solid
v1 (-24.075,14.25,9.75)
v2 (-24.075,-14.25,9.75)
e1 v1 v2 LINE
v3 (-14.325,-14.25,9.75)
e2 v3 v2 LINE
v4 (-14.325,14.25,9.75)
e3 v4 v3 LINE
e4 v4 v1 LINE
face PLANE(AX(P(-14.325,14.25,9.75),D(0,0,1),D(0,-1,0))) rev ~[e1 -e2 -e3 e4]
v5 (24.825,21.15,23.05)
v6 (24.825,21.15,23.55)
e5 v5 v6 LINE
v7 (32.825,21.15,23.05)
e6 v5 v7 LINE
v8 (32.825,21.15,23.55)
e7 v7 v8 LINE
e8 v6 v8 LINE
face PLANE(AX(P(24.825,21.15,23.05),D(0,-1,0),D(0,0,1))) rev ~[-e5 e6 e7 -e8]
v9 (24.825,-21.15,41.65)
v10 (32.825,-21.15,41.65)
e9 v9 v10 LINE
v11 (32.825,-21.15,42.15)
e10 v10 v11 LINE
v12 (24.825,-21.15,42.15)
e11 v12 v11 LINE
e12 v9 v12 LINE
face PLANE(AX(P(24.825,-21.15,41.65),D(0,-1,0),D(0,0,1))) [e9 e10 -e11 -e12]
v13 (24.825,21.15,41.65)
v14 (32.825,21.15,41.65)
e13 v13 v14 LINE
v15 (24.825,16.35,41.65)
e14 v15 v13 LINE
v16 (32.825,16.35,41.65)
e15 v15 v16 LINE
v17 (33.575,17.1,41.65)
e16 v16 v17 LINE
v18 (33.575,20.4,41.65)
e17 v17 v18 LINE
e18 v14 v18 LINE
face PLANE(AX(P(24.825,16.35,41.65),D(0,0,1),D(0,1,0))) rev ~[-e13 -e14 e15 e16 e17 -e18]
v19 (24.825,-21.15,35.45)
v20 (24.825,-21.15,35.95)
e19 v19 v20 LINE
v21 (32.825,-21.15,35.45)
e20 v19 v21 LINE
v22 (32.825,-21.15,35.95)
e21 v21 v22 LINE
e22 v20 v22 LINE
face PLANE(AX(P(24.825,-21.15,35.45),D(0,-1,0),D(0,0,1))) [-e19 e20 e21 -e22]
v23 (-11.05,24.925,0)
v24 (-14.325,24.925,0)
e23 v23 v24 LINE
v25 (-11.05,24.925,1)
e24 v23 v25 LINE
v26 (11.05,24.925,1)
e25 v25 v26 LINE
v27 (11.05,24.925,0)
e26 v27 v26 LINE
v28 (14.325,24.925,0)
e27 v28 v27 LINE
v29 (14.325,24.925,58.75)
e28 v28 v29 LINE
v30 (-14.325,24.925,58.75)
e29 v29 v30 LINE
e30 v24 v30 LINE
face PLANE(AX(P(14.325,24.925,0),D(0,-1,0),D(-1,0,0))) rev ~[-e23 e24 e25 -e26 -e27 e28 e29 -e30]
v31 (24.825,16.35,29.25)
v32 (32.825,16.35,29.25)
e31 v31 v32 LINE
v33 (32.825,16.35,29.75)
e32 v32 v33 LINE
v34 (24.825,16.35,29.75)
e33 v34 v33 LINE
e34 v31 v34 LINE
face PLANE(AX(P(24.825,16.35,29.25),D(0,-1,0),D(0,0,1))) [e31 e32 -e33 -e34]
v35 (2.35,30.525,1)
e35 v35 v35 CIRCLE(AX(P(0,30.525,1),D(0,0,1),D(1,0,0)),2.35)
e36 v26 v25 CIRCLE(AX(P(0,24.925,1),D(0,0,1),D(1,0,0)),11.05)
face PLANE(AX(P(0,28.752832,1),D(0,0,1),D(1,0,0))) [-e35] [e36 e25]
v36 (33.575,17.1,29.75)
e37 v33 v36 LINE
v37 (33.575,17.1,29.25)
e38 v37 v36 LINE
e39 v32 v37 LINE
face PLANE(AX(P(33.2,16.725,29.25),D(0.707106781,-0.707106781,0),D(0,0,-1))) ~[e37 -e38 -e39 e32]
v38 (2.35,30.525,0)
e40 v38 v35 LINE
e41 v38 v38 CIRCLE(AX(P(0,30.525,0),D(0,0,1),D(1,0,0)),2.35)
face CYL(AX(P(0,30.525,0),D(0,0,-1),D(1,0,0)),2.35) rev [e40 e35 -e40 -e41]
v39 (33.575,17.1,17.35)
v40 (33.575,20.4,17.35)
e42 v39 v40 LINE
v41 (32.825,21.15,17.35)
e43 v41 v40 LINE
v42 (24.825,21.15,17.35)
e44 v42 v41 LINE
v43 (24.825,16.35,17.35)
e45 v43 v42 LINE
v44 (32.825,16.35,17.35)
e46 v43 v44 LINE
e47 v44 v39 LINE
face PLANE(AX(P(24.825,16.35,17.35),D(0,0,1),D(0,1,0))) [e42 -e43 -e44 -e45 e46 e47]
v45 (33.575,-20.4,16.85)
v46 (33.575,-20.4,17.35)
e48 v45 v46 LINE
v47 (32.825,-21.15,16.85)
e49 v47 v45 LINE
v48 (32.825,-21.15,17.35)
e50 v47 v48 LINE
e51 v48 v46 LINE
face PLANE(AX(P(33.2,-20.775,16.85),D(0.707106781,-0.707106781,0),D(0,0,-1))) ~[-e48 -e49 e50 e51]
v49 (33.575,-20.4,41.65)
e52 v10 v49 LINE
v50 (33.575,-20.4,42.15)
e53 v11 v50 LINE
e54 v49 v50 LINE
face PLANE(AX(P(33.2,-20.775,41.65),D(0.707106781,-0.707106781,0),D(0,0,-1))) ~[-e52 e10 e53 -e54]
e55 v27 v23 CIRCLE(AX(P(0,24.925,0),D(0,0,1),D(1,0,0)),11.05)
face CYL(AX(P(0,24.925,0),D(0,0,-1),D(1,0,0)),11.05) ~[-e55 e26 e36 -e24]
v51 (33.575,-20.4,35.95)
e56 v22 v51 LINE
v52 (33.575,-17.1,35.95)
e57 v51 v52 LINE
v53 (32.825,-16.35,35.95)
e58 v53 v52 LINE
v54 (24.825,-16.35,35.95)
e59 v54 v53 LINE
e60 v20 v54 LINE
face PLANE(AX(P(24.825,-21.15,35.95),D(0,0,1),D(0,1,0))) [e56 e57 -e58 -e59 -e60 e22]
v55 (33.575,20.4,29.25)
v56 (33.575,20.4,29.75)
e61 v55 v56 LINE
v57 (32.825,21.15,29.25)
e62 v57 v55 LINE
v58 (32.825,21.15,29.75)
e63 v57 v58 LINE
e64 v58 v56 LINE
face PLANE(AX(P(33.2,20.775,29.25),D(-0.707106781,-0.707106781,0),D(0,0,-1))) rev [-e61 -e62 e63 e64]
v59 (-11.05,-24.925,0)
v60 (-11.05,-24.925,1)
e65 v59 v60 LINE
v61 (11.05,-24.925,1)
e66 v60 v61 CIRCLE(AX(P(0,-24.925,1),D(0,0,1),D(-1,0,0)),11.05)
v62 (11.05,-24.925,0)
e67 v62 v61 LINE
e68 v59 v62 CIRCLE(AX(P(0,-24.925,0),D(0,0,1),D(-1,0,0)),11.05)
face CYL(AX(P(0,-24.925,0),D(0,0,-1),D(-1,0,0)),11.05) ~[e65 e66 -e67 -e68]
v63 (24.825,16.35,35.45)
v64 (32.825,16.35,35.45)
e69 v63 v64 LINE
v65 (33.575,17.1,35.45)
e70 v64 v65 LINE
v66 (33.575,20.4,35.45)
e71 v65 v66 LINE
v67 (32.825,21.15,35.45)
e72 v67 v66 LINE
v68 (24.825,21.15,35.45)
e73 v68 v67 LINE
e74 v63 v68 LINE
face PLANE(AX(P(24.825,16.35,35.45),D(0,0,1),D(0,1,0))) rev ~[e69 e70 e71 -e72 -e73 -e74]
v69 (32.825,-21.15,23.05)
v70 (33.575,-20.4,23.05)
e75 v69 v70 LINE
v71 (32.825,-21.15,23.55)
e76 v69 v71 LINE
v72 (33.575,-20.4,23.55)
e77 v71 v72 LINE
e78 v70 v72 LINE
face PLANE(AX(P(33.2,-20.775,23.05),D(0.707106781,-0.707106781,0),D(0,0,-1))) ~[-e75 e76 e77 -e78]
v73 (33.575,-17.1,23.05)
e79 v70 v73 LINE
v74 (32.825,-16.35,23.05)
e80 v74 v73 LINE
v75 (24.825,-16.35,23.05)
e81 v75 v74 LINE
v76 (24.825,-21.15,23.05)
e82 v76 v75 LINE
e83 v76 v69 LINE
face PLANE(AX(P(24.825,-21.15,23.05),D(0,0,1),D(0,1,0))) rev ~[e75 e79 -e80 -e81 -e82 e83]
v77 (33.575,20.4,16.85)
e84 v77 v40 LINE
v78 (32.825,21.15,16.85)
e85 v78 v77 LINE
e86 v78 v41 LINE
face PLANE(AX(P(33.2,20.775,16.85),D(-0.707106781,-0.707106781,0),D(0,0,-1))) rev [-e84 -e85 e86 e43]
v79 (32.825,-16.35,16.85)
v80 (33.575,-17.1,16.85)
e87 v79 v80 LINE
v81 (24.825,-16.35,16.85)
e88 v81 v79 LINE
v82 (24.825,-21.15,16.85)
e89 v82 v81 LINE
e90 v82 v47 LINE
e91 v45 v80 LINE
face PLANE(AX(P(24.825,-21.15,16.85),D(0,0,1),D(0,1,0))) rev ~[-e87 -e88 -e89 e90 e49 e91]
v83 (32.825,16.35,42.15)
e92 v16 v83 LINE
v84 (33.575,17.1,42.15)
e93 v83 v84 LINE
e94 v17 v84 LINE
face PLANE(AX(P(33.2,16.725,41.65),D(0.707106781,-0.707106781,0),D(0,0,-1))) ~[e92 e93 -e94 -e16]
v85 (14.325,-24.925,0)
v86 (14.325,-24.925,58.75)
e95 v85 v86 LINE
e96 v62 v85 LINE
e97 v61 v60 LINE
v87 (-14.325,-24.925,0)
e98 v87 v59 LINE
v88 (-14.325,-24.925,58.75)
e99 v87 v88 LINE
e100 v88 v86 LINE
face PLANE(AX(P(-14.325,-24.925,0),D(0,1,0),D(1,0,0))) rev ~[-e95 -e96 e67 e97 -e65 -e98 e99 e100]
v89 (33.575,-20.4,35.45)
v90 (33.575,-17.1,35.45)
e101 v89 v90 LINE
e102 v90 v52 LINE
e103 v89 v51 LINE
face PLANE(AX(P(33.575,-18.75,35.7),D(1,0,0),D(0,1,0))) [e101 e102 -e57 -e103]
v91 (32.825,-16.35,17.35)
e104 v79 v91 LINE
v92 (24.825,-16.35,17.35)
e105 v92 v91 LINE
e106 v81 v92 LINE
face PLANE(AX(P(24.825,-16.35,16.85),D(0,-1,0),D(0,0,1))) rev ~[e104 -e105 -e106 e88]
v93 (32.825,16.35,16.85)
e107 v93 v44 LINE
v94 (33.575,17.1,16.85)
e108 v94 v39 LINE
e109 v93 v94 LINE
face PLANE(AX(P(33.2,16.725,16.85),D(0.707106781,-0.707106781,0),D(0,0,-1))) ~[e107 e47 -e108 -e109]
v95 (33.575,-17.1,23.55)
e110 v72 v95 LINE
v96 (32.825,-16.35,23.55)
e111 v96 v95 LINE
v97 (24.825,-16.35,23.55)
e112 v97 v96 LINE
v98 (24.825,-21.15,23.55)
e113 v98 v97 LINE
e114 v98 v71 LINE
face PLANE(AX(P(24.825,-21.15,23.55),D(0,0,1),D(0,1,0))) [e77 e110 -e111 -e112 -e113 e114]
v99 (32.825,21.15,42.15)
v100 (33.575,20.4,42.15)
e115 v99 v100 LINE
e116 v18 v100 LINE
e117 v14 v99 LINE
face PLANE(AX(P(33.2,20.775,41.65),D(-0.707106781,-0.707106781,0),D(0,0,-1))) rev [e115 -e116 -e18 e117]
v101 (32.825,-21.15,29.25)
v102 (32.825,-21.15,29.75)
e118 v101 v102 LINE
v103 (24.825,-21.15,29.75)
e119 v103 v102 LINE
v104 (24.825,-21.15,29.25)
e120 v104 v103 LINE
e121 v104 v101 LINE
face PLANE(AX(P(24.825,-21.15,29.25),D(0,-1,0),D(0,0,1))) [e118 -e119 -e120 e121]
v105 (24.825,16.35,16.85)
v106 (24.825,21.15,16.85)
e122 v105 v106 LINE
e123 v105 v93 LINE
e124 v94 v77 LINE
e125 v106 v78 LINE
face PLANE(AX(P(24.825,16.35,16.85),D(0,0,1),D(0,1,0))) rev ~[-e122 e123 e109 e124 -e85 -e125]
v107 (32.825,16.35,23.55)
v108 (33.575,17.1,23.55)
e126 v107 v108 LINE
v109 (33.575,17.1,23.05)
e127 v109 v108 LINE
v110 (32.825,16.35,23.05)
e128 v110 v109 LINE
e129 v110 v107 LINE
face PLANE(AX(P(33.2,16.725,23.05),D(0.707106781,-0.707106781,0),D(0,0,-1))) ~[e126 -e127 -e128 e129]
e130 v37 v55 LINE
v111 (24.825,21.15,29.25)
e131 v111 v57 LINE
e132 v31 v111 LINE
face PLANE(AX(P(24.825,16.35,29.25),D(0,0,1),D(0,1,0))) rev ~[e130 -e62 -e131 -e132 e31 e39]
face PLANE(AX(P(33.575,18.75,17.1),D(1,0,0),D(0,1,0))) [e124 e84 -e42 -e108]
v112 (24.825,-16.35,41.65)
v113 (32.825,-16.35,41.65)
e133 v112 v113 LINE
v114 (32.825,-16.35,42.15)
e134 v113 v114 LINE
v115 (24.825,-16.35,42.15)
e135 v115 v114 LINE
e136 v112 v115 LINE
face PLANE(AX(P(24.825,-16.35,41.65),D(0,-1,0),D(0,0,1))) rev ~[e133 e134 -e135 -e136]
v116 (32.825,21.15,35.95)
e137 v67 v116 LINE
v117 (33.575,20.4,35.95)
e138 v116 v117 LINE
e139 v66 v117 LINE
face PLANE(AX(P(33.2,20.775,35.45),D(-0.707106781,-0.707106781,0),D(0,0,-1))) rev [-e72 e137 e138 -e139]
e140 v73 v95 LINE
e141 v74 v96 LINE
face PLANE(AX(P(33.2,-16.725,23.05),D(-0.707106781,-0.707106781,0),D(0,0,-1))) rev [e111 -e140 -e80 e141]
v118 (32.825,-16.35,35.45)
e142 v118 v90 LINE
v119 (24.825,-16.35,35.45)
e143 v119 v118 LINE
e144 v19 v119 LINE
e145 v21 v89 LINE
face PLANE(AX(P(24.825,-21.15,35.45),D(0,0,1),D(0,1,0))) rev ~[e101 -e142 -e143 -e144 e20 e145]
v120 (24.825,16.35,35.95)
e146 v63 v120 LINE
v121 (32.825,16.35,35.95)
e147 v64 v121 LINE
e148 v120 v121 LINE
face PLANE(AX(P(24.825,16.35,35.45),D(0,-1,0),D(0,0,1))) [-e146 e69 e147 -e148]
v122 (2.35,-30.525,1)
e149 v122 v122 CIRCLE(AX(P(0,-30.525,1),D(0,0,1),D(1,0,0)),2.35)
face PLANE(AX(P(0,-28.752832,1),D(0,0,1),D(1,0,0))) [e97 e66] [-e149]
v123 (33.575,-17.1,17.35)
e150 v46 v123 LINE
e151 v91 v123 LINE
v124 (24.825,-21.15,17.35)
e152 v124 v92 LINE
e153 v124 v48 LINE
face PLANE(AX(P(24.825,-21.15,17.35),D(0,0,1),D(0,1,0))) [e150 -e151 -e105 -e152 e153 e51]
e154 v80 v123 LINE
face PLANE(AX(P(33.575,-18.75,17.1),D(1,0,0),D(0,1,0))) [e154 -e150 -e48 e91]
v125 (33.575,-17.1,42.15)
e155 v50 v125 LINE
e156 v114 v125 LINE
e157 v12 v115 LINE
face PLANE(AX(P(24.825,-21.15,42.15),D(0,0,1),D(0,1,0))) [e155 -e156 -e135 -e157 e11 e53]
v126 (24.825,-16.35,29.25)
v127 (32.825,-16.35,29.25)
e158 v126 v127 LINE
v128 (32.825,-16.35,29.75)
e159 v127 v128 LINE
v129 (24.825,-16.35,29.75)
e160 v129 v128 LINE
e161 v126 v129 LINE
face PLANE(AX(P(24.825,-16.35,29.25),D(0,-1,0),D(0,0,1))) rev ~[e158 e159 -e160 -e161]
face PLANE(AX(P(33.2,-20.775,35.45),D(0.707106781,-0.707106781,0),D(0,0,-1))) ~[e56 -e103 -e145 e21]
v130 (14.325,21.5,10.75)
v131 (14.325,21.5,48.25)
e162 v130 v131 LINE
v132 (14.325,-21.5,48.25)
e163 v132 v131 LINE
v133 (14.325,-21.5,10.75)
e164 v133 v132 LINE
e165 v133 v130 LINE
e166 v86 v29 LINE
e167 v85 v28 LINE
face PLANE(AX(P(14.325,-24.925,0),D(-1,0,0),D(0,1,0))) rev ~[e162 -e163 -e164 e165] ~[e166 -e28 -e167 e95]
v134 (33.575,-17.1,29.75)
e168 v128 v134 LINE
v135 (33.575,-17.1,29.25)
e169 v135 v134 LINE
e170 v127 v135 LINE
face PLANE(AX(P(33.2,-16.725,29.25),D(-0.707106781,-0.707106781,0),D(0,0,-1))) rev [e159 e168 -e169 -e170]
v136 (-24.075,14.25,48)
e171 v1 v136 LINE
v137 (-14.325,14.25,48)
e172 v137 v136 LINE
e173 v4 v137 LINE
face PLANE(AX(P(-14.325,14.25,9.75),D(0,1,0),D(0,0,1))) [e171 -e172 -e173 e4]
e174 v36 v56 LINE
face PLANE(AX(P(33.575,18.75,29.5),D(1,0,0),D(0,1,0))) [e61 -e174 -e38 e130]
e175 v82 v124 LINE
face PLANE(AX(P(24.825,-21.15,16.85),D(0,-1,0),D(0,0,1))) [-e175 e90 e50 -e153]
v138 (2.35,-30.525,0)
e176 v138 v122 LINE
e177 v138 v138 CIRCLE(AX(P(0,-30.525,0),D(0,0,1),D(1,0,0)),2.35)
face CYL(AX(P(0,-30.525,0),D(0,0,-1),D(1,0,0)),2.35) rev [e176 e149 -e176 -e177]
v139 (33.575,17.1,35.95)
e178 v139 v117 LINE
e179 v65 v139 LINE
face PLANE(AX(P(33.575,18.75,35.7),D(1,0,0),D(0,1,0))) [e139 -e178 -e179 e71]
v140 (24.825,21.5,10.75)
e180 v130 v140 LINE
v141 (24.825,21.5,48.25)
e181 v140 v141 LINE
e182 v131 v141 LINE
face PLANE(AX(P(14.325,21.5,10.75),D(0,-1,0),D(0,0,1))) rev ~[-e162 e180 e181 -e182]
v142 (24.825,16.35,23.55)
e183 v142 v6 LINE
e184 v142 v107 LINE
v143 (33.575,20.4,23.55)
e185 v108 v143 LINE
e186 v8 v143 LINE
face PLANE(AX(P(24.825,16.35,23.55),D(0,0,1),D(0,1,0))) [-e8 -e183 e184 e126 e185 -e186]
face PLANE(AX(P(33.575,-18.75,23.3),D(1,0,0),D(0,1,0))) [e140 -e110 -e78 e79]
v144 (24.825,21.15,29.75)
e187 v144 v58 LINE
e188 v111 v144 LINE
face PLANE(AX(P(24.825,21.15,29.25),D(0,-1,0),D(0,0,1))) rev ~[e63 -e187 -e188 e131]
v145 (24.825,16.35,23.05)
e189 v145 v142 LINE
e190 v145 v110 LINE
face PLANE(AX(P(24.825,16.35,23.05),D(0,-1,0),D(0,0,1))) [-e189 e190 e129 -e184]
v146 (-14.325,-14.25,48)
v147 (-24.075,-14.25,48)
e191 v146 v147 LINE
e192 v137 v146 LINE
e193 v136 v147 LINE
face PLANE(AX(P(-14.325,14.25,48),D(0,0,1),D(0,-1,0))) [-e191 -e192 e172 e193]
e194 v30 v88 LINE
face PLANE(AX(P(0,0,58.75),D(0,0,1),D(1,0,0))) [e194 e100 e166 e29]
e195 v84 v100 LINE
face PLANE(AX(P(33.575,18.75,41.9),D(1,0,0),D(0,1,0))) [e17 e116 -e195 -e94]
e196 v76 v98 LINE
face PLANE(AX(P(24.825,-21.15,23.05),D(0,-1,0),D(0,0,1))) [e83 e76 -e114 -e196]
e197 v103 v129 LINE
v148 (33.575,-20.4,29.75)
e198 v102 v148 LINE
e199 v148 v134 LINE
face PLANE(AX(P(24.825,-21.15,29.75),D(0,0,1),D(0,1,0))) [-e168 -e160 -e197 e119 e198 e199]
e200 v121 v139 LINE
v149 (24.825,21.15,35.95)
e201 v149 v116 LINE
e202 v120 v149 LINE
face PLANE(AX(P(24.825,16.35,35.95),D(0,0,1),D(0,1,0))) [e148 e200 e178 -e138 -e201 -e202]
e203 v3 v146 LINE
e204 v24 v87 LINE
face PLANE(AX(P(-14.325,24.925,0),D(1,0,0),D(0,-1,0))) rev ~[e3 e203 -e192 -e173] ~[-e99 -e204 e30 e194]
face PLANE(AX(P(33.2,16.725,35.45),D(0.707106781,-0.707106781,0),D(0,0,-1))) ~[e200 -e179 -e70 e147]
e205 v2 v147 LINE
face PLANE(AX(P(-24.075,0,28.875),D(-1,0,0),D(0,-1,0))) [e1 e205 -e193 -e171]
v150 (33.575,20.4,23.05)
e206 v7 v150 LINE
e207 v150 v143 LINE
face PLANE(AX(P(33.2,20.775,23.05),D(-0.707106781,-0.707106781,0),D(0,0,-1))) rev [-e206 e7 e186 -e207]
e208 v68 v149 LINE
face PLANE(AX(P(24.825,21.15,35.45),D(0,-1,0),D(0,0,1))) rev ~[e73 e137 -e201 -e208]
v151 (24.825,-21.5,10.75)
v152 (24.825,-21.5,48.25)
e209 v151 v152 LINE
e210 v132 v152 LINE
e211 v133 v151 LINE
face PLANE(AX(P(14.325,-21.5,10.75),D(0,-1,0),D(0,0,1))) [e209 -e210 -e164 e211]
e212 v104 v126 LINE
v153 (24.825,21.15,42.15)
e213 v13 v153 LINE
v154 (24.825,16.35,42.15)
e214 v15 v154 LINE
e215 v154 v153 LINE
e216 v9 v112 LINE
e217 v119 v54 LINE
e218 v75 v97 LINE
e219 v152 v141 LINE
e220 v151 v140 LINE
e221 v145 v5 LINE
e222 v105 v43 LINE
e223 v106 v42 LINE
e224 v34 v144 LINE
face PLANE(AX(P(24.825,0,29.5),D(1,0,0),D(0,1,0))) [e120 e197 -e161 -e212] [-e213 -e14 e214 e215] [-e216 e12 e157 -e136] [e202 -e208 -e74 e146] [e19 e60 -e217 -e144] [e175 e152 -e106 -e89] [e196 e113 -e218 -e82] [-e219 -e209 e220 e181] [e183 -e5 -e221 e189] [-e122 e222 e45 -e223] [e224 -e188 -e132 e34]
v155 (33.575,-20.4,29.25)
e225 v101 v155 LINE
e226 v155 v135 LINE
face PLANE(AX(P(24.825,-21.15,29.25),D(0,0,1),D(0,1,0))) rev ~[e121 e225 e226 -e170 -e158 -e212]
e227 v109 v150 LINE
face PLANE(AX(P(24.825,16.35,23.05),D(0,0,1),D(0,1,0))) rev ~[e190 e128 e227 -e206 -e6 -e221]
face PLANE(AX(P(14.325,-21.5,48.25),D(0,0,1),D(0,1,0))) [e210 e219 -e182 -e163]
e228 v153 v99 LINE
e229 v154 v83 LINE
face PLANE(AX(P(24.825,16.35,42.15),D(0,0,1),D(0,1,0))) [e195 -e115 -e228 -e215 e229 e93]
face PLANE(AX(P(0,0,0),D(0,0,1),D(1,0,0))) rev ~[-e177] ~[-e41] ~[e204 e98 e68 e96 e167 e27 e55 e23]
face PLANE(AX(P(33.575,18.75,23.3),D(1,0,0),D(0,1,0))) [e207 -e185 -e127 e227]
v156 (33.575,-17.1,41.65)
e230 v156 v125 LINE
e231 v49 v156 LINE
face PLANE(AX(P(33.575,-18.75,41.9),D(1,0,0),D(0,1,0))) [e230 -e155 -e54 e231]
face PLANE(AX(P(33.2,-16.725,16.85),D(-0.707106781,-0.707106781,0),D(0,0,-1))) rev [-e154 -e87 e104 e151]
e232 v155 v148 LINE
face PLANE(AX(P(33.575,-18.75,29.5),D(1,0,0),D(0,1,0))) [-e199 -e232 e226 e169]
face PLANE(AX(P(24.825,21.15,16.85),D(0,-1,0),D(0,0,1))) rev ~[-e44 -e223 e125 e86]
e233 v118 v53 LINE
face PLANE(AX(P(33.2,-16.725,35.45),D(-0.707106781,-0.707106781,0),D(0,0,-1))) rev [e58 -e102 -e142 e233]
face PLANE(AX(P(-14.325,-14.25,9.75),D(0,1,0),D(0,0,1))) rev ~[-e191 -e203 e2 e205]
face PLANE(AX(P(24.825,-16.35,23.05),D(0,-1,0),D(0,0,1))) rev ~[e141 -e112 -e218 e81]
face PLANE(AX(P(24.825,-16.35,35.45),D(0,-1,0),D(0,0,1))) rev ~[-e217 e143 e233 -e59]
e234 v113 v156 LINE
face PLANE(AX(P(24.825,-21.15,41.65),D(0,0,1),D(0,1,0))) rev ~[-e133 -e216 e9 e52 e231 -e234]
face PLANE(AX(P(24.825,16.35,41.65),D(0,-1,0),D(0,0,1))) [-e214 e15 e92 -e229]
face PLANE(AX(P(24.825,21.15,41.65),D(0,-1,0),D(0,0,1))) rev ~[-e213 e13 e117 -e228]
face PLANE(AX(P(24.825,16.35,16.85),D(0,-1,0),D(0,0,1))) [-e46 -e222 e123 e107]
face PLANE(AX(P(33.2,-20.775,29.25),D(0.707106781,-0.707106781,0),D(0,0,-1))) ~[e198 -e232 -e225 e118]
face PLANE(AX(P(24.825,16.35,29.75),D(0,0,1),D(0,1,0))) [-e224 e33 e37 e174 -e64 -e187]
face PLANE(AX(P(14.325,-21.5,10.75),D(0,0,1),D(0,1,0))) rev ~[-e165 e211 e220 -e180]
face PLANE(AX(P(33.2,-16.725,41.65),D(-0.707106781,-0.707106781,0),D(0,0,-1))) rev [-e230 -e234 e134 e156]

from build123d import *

# Parameters (mm, degrees)
F1_DEPTH = 58.75
F0_R     = 2.35
F2_DEPTH = 1
F3_W     = 28.5
F3_H     = 38.25
F4_DEPTH = 9.75
F5_W     = 43
F5_H     = 37.5
F6_DEPTH = 10.5
F7_W     = 4.8
F7_H     = 0.5
F8_DEPTH = 8.75
F9_SIZE  = 0.75


with BuildPart() as f1:
    # F0 (on Top) → F1 (new body)
    with BuildSketch(Plane.XY):
        Polygon((11.05, -24.925), (14.325, -24.925), (14.325, 24.925), (11.05, 24.925), (-11.05, 24.925), (-14.325, 24.925), (-14.325, -24.925), (-11.05, -24.925), align=None)
    extrude(amount=F1_DEPTH)

    # F0 (on Top) → F2 (join)
    with BuildSketch(Plane.XY):
        with BuildLine():
            ThreePointArc((-11.05, -24.925), (0, -35.975), (11.05, -24.925))
            Line((11.05, -24.925), (-11.05, -24.925))
        make_face()
        with Locations((0, -30.525)):
            Circle(F0_R, mode=Mode.SUBTRACT)
        with BuildLine():
            Line((-11.05, 24.925), (11.05, 24.925))
            ThreePointArc((11.05, 24.925), (0, 35.975), (-11.05, 24.925))
        make_face()
        with Locations((0, 30.525)):
            Circle(F0_R, mode=Mode.SUBTRACT)
    extrude(amount=F2_DEPTH)

    # F3 (on face) → F4 (join)
    with BuildSketch(Plane(origin=(-14.325, 0, 0), x_dir=(0, -1, 0), z_dir=(-1, 0, 0))):
        with Locations((0, 28.875)):
            Rectangle(F3_W, F3_H)
    extrude(amount=F4_DEPTH)

    # F5 (on face) → F6 (join)
    with BuildSketch(Plane.YZ.offset(14.325)):
        with Locations((0, 29.5)):
            Rectangle(F5_W, F5_H)
    extrude(amount=F6_DEPTH)

    # F7 (on face) → F8 (join)
    with BuildSketch(Plane.YZ.offset(24.825)):
        with Locations((-18.75, 29.5)):
            Rectangle(F7_W, F7_H)
        with Locations((-18.75, 35.7)):
            Rectangle(F7_W, F7_H)
        with Locations((-18.75, 41.9)):
            Rectangle(F7_W, F7_H)
        with Locations((-18.75, 17.1)):
            Rectangle(F7_W, F7_H)
        with Locations((-18.75, 23.3)):
            Rectangle(F7_W, F7_H)
        with Locations((18.75, 29.5)):
            Rectangle(F7_W, F7_H)
        with Locations((18.75, 35.7)):
            Rectangle(F7_W, F7_H)
        with Locations((18.75, 17.1)):
            Rectangle(F7_W, F7_H)
        with Locations((18.75, 23.3)):
            Rectangle(F7_W, F7_H)
        with Locations((18.75, 41.9)):
            Rectangle(F7_W, F7_H)
    extrude(amount=F8_DEPTH)

    # F9
    f9_edges = [f1.edges().sort_by_distance(p)[0] for p in [
        (33.575, -21.15, 41.9),
        (33.575, -16.35, 41.9),
        (33.575, -21.15, 35.7),
        (33.575, -16.35, 35.7),
        (33.575, -21.15, 29.5),
        (33.575, -16.35, 29.5),
        (33.575, -21.15, 17.1),
        (33.575, -16.35, 17.1),
        (33.575, 16.35, 17.1),
        (33.575, 21.15, 17.1),
        (33.575, 16.35, 29.5),
        (33.575, 21.15, 29.5),
        (33.575, 16.35, 35.7),
        (33.575, 21.15, 35.7),
        (33.575, 16.35, 41.9),
        (33.575, 21.15, 41.9),
        (33.575, -16.35, 23.3),
        (33.575, -21.15, 23.3),
        (33.575, 16.35, 23.3),
        (33.575, 21.15, 23.3),
    ]]
    chamfer(f9_edges, length=F9_SIZE)


solid = f1.part
